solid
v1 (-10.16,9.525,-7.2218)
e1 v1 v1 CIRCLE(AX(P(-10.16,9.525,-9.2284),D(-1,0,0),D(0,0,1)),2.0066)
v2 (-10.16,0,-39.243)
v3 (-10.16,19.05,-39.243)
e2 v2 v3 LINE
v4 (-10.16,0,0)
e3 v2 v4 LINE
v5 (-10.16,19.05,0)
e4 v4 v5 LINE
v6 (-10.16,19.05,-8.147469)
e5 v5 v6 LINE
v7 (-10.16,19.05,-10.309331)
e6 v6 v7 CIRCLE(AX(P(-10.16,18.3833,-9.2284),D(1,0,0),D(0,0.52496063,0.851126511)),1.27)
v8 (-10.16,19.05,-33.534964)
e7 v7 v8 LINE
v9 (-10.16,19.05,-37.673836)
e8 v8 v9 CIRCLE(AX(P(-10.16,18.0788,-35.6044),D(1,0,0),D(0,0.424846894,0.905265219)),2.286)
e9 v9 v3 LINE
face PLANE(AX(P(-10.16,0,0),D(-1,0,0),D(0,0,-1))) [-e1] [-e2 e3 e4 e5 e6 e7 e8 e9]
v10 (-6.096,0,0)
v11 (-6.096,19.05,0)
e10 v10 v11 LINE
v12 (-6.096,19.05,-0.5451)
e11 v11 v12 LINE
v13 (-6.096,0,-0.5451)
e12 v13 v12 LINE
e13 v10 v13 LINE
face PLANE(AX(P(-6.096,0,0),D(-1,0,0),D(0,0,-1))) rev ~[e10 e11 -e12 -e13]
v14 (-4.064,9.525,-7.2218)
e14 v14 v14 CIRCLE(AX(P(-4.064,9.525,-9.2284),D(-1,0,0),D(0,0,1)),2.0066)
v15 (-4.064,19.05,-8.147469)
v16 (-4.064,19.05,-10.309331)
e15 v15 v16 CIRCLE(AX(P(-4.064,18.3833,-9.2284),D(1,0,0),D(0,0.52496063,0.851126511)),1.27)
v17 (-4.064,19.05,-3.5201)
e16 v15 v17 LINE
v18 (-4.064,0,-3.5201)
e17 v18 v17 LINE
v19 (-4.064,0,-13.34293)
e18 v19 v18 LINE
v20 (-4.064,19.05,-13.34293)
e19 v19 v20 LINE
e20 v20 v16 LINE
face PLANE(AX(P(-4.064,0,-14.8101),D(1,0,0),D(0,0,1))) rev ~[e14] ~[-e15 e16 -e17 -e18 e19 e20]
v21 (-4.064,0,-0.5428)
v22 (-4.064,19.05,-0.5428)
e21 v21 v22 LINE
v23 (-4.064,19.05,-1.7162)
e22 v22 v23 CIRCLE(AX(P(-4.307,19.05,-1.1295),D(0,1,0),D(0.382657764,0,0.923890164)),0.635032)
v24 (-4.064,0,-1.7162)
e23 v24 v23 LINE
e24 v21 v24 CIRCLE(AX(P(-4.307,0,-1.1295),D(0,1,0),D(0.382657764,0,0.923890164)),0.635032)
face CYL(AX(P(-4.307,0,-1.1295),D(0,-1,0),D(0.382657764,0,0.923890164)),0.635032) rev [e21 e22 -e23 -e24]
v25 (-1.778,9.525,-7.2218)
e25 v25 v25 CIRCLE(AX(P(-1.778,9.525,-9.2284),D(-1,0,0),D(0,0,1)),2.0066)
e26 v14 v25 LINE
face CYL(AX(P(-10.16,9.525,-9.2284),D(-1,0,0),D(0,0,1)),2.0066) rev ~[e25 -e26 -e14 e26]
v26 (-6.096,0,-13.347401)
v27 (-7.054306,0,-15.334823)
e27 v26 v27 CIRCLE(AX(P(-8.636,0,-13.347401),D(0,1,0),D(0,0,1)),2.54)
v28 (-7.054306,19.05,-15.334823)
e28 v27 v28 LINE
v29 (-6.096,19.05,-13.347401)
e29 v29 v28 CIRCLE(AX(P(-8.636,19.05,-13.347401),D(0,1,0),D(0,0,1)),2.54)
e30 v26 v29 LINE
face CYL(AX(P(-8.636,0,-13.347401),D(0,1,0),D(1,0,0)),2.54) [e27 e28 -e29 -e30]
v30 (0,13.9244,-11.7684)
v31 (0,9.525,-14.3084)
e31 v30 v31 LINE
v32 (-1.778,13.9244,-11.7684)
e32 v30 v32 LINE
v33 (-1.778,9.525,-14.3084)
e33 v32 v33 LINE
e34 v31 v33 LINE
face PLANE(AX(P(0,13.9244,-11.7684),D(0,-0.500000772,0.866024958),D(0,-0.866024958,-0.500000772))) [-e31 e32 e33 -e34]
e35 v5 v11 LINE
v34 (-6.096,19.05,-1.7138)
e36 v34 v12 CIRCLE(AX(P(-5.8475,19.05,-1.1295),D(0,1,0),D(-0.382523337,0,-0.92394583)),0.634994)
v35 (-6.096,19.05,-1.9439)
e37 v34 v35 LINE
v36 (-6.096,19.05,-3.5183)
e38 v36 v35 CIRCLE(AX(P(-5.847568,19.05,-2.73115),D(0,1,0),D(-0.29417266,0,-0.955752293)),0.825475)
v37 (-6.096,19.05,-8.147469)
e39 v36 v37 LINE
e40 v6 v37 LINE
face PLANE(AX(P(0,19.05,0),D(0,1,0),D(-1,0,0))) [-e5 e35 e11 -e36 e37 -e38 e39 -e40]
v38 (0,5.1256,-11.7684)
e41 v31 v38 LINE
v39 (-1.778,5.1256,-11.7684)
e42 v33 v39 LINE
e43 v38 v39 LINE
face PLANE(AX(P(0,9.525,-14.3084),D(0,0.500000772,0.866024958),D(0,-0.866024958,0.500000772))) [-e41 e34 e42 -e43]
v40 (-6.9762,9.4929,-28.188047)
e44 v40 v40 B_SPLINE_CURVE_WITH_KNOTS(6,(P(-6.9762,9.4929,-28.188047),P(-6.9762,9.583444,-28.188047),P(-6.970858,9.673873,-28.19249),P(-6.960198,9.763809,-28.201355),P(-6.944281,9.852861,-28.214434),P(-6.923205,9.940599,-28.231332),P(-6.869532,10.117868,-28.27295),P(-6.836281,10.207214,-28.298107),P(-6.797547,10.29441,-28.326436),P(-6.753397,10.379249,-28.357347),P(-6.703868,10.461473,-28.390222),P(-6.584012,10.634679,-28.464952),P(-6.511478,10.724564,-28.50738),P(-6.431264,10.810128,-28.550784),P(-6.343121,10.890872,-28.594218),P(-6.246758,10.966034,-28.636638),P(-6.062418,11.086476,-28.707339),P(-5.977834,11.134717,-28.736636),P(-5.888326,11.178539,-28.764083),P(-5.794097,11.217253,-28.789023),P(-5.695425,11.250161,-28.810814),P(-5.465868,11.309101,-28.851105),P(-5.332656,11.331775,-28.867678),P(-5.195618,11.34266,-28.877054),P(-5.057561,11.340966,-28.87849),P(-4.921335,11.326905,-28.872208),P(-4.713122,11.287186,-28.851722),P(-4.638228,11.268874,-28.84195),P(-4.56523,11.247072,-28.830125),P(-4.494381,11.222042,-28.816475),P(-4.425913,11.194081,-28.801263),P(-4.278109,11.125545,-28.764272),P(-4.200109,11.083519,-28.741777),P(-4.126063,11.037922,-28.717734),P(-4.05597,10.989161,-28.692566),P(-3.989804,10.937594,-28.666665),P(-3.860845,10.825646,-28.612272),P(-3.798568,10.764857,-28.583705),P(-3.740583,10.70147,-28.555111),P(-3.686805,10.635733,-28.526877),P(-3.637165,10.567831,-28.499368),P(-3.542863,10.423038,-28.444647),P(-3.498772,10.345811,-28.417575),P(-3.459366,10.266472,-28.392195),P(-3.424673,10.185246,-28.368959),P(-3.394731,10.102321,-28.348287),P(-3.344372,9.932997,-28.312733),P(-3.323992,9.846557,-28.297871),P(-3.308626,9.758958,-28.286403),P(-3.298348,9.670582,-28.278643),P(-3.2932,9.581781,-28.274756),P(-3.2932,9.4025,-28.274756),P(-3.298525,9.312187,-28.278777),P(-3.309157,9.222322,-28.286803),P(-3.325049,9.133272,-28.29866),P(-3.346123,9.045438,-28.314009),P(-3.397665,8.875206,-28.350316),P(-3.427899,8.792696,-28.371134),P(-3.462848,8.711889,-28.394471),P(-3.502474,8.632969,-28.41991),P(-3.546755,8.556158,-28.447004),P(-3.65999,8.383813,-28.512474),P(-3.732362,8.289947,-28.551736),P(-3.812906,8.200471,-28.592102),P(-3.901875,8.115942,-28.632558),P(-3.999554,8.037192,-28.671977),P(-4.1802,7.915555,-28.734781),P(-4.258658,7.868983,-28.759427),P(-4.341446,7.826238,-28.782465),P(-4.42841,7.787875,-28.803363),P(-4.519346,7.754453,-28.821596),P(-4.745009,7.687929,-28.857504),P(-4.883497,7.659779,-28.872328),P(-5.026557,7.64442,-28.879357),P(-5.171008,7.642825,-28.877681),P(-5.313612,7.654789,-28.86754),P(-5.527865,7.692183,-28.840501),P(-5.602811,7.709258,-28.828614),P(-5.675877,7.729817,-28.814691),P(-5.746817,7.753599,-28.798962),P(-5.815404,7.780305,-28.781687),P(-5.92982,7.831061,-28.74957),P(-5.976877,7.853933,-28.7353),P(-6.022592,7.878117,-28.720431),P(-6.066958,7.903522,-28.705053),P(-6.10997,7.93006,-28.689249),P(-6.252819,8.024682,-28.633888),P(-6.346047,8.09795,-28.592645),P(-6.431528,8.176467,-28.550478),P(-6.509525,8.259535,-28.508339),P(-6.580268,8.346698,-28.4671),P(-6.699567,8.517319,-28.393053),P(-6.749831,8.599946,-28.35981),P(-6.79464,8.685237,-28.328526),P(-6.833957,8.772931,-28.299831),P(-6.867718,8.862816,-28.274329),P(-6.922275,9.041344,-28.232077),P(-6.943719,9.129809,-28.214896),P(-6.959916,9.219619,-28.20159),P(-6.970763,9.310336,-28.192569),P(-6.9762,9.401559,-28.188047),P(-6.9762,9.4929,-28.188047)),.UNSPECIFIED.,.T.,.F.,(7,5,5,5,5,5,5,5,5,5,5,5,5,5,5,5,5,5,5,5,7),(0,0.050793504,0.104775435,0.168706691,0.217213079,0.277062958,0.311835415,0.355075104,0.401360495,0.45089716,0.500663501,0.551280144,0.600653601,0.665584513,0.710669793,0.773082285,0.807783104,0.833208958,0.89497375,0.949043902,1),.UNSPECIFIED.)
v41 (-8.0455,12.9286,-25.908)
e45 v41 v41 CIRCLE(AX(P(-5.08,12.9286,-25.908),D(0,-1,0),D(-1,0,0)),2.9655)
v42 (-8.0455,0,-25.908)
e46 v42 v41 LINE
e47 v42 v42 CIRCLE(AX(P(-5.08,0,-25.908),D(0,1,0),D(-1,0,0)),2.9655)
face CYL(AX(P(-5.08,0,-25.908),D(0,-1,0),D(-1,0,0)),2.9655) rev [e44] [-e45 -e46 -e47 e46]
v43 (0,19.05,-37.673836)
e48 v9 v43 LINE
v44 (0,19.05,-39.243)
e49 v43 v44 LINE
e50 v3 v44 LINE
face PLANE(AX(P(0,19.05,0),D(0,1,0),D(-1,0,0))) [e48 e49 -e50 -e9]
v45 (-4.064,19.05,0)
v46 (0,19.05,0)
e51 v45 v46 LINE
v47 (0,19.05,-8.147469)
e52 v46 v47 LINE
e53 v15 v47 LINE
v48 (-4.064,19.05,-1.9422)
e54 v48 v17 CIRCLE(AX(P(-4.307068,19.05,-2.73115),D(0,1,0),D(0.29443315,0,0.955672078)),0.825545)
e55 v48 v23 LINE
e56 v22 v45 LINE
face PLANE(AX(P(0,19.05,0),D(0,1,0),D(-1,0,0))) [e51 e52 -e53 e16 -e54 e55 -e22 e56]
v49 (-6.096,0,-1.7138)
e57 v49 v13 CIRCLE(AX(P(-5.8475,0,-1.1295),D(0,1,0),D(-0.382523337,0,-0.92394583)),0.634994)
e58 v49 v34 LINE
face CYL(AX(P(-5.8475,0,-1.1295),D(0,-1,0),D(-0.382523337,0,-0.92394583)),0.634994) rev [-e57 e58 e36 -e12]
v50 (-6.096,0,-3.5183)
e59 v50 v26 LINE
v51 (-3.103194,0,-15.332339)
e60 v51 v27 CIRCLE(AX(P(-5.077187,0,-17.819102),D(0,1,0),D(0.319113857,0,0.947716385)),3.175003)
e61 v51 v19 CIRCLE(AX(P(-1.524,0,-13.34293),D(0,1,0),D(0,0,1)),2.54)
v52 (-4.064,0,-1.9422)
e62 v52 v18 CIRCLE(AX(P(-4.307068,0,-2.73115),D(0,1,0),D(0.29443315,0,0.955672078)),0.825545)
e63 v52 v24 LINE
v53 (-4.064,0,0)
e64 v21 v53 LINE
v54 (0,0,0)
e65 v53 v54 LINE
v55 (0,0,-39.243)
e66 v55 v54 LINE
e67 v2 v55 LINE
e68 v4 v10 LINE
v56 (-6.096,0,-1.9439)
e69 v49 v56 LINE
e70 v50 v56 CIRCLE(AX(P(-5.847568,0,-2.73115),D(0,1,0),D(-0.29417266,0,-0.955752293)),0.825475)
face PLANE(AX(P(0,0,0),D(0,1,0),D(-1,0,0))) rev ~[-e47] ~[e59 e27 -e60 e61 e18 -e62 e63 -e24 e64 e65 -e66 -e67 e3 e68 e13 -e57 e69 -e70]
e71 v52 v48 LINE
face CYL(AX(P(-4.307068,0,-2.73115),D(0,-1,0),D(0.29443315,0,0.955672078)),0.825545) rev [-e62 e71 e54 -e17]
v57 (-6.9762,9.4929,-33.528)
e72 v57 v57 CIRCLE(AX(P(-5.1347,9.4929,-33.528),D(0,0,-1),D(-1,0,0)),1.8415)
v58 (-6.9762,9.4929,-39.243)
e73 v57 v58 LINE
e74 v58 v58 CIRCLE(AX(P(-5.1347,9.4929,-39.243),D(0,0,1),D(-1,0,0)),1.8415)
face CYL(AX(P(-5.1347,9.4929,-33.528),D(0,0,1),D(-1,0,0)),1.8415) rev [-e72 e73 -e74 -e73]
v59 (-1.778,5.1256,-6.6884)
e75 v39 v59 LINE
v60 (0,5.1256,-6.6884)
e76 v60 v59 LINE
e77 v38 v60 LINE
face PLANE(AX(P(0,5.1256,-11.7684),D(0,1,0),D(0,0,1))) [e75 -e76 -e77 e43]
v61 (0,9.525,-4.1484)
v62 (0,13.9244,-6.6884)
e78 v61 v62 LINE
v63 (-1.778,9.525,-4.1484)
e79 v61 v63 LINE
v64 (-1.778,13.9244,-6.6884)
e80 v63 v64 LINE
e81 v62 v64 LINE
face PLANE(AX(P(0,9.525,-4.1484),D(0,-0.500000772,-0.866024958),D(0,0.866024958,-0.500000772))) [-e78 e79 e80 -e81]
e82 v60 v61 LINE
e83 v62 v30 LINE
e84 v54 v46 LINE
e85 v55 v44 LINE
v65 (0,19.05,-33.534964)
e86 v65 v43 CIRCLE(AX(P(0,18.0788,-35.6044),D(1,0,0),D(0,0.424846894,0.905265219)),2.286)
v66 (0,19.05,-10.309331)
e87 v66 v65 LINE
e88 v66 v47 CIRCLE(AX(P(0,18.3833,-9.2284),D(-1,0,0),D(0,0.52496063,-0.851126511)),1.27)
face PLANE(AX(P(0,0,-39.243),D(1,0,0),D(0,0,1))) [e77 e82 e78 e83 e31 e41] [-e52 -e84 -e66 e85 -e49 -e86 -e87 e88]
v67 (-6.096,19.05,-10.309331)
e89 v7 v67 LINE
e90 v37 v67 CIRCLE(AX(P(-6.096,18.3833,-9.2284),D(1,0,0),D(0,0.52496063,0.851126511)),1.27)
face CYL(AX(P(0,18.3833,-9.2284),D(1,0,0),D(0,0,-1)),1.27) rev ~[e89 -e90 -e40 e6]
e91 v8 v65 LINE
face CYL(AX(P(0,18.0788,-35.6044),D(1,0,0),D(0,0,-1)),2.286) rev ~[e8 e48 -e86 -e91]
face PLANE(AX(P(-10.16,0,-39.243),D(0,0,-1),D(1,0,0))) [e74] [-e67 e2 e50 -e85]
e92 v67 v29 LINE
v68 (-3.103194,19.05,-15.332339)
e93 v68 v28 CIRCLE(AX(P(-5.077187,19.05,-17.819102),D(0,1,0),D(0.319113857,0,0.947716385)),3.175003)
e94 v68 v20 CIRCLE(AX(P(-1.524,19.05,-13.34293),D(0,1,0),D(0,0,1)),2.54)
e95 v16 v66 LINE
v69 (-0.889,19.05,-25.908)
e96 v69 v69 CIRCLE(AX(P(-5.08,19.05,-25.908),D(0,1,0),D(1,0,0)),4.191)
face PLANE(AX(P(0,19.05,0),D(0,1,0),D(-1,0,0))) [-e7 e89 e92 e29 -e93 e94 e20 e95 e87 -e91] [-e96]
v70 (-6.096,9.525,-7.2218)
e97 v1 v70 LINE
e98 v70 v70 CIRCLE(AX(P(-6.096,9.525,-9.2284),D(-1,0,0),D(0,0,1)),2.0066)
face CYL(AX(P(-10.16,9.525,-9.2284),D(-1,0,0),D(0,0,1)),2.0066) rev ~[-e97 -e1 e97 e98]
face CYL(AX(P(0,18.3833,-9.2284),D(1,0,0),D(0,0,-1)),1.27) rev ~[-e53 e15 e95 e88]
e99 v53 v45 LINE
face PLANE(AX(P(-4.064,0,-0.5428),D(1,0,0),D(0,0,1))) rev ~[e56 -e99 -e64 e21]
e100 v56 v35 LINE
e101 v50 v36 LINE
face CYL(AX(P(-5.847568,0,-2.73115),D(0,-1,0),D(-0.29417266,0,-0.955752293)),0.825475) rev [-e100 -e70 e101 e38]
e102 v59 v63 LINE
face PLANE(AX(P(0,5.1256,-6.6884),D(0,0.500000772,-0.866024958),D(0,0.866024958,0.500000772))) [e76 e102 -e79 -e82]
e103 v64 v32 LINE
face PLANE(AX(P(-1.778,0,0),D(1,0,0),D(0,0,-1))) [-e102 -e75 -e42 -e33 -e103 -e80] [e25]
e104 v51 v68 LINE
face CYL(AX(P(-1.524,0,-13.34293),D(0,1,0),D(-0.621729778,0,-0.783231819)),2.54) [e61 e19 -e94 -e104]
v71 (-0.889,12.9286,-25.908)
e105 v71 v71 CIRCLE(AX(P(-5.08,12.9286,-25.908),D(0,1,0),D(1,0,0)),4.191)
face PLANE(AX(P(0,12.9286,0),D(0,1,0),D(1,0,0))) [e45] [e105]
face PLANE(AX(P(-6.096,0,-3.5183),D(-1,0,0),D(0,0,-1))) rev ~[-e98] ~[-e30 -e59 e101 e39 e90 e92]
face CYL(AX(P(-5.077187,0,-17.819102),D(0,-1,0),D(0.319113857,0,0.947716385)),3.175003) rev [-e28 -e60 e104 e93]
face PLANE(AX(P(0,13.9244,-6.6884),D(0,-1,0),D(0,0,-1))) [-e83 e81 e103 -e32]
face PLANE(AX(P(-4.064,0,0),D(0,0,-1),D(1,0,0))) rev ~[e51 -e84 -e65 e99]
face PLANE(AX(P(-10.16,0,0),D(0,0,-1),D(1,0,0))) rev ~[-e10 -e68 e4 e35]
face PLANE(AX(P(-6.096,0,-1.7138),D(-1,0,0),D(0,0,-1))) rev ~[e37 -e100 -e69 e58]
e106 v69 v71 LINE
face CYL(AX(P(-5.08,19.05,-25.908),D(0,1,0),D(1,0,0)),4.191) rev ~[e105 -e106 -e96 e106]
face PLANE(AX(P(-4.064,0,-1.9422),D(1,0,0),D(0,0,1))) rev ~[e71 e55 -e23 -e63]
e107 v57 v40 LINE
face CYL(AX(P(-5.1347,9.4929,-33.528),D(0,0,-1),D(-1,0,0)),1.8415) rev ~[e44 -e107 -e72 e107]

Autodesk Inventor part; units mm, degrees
ref_plane "YZ Plane" through (0, 0, 0) normal (1, 0, 0) x (0, 1, 0)
ref_plane "XZ Plane" through (0, 0, 0) normal (0, 1, 0) x (-1, 0, 0)
ref_plane "XY Plane" through (0, 0, 0) normal (0, 0, 1) x (1, 0, 0)
sketch "Sketch1" plane through (0, 0, 0) normal (0, 1, 0) x (-1, 0, 0)
  line L0 (10.16, 0) -> (10.16, -36.068)
  line L1 (0, -36.068) -> (0, 0) construction
  circle A0 centre (5.08, -25.908) radius 2.9655
  line L2 (10.16, 0) -> (6.096, 0) construction
  line L3 (3.9775, 0) -> (0.0978, 0) construction
  line L4 (4.064, -3.81) -> (4.064, -14.8101) construction
  arc A1 (4.064, -14.8101) -> (6.096, -14.812) centre (5.0772, -17.8191) ccw
  line L5 (5.08, -31.75) -> (24.746, -31.75) construction
  line L6 (0, -4.7834) -> (2.794, -4.7834) construction
  line L7 (2.794, -4.7834) -> (2.794, -13.6734) construction
  line L8 (2.794, -13.6734) -> (0, -13.6734) construction
  line L9 (0, -13.6734) -> (0, -4.7834) construction
  line L10 (4.064, -4.7834) -> (0, -4.7834) construction
  line L11 (5.08, -31.75) -> (9.398, -31.75) construction
  line L12 (10.16, 0) -> (6.096, 0)
  line L13 (4.064, 0) -> (0, 0)
  line L14 (0, 0) -> (0, -36.068)
  line L15 (5.08, -36.068) -> (8.255, -36.068) construction
  line L16 (10.16, -36.068) -> (10.16, -39.243)
  line L17 (10.16, -39.243) -> (0, -39.243)
  line L18 (0, -39.243) -> (0, -36.068)
  line L19 (5.0772, -17.8191) -> (26.8769, -17.8191) construction
  arc A2 (4.064, -0.5428) -> (4.064, -1.7162) centre (4.307, -1.1295) ccw
  line L20 (4.064, -0.5428) -> (4.064, 0)
  arc A3 (4.064, -1.9422) -> (4.064, -3.5201) centre (4.307, -2.7311) ccw
  line L21 (4.064, -14.8101) -> (4.064, -3.5201)
  line L22 (4.064, -1.9422) -> (4.064, -1.7162)
  line L23 (4.064, -3.5201) -> (4.064, -3.81) construction
  line L24 (4.064, 0) -> (4.064, -0.5428) construction
  line L25 (4.064, -1.7162) -> (4.064, -1.9422) construction
  arc A4 (6.0904, -1.7162) -> (6.0904, -0.5428) centre (5.8475, -1.1295) ccw
  arc A5 (6.0904, -3.5201) -> (6.0904, -1.9422) centre (5.8475, -2.7311) ccw
  line L26 (6.096, -0.5451) -> (6.096, 0) construction
  line L27 (6.096, -3.5183) -> (6.096, -14.812)
  line L28 (6.096, 0) -> (6.096, -0.5451)
  line L29 (6.096, -1.7138) -> (6.096, -1.9439)
  line L30 (6.096, -3.81) -> (6.096, -3.5183) construction
  line L31 (6.096, -1.9439) -> (6.096, -1.7138) construction
  dimension "d0" = 10.16
  dimension "d3" = 5.9309
  dimension "d11" = 25.908
  dimension "d18" = 6.35
  dimension "d20" = 8.89
  dimension "d21" = 2.794
extrude "Extrusion1" add sketch "Sketch1" along normal blind 19.05
sketch "Sketch2" plane through (0, 0, 0) normal (1, 0, 0) x (0, 0, -1)
  line L0 (39.243, 0) -> (0, 0) construction
  line L1 (0, 19.05) -> (39.243, 19.05) construction
  line L2 (0, 0) -> (0, 19.05) construction
  line L3 (36.068, 9.525) -> (0, 9.525) construction
  line L4 (20.9941, 0) -> (14.812, 0) construction
  line L5 (3.81, 19.05) -> (14.812, 19.05) construction
  line L6 (14.6467, 0) -> (3.81, 0) construction
  line L7 (14.6467, 0) -> (14.6467, 19.05) construction
  line L8 (3.81, 19.05) -> (14.6467, 19.05) construction
  line L9 (3.81, 0) -> (3.81, 19.05) construction
  line L10 (14.6467, 9.525) -> (3.81, 9.525) construction
  circle A0 centre (9.2284, 9.525) radius 1.8542
  line L11 (39.243, 0) -> (39.243, 19.05) projected
  point P0 (14.8101, 0)
  dimension "d26" = 3.7084
extrude "Extrusion2" cut sketch "Sketch2" against normal blind 19.05
sketch "Sketch3" plane through (0, 19.05, 0) normal (0, 1, 0) x (1, 0, 0)
  line L0 (0, 11.0826) -> (0, 7.3742) projected
  point P0 (0, 0)
sketch "Sketch4" plane through (0, 0, 0) normal (1, 0, 0) x (0, 0, -1)
  circle A0 centre (9.2284, 9.525) radius 1.8542 projected
  line L0 (39.243, 0) -> (0, 0) projected
  line L1 (0, 19.05) -> (39.243, 19.05) projected
  line L2 (0, 0) -> (0, 19.05) projected
  line L3 (14.3084, 9.525) -> (11.7684, 5.1256)
  line L4 (11.7684, 5.1256) -> (6.6884, 5.1256)
  line L5 (6.6884, 5.1256) -> (4.1484, 9.525)
  line L6 (4.1484, 9.525) -> (6.6884, 13.9244)
  line L7 (6.6884, 13.9244) -> (11.7684, 13.9244)
  line L8 (11.7684, 13.9244) -> (14.3084, 9.525)
  line L9 (39.243, 0) -> (39.243, 19.05) projected
  dimension "d30" = 10.16
extrude "Extrusion3" cut sketch "Sketch4" against normal blind 1.778 contours L3 L4 L5 L6 L7 L8
ref_plane "Work Plane1" through (0, 0, -33.528) normal (0, 0, -1) x (-1, 0, 0)
sketch "Sketch6" plane through (0, 0, -33.528) normal (0, 0, -1) x (-1, 0, 0)
  line L0 (0.508, 9.5571) -> (2.8218, 13.5005) projected
  line L1 (7.3938, 13.4684) -> (9.652, 9.4929) projected
  line L2 (2.8218, 13.5005) -> (7.3938, 13.4684) projected
  line L3 (0.508, 9.5571) -> (2.8218, 13.5005) projected
  line L4 (2.7662, 5.5816) -> (0.508, 9.5571) projected
  line L5 (7.3382, 5.5495) -> (2.7662, 5.5816) projected
  line L6 (9.652, 9.4929) -> (7.3382, 5.5495) projected
  circle A0 centre (5.1347, 9.4929) radius 4.5726
  circle A1 centre (5.1347, 9.4929) radius 1.8415
  point P0 (0, 0)
  dimension "d38" = 3.683
extrude "Extrusion5" cut sketch "Sketch6" along normal mid plane 12.7 contours A1
sketch "Sketch7" plane through (0, 0, 0) normal (1, 0, 0) x (0, 0, -1)
  line L0 (3.81, 19.05) -> (14.812, 19.05) projected
  circle A0 centre (9.2284, 18.3833) radius 1.27
  line L1 (0, 19.05) -> (39.243, 19.05) projected
  line L2 (6.8407, 19.05) -> (6.8407, 19.558)
  line L3 (6.8407, 19.05) -> (7.3487, 19.05) construction
  line L4 (7.3243, 18.5023) -> (7.3243, 18.3436)
  line L5 (7.3243, 18.5023) -> (7.4831, 18.5023) construction
  line L6 (22.9425, 19.05) -> (28.8734, 19.05) projected
  line L7 (28.8734, 0) -> (22.9425, 0) projected
  line L8 (28.8734, 0) -> (28.8734, 19.05) projected
  line L9 (28.8734, 9.525) -> (35.9855, 9.525)
  line L10 (35.9855, 9.525) -> (32.4294, 9.525)
  circle A1 centre (35.6044, 18.0788) radius 2.286
  line L11 (32.4294, 9.525) -> (32.4294, 7.6962)
  line L12 (32.4294, 7.6962) -> (32.4294, 4.5212)
  line L13 (28.8729, 7.6514) -> (39.243, 7.6514) projected
  line L14 (32.4294, 7.6962) -> (35.6044, 7.6962) construction
  line L15 (32.4294, 4.5212) -> (35.6044, 4.5212)
  point P0 (0, 0)
  point P1 (36.068, 19.05)
  point P2 (28.188, 9.4929)
  dimension "d41" = 2.54
  dimension "d42" = 0.508
  dimension "d43" = 90
  dimension "d46" = 0.1588
  dimension "d47" = 90
  dimension "d48" = 4.572
  dimension "d49" = 1.8288
  dimension "d56" = 3.175
  dimension "d57" = 90
  dimension "d58" = 3.175
  dimension "d59" = 90
extrude "Extrusion6" cut sketch "Sketch7" against normal blind 55.88 contours A0 L0 | A1 L1 | L1 A1 | L0 A0
sketch "Sketch8" plane through (0, 19.05, 0) normal (0, 1, 0) x (1, 0, 0)
  circle A0 centre (-5.08, 25.908) radius 4.191
  point P0 (0, 0)
  dimension "d50" = 8.382
extrude "Extrusion7" cut sketch "Sketch8" against normal blind 6.1214
fillet "Fillet1" radius 2.54 2 edges at (-6.096, 9.525, -14.812) (-4.064, 9.525, -14.8101)
sketch "Sketch9" plane through (-10.16, 0, -39.243) normal (-1, 0, 0) x (0, 0, 1)
  circle A0 centre (30.0146, 9.525) radius 2.0066
  point P0 (39.243, 0)
  dimension "d61" = 4.0132
extrude "Extrusion8" cut sketch "Sketch9" against normal blind 12.7
properties part number "Neuroprobeholdermagiger"
